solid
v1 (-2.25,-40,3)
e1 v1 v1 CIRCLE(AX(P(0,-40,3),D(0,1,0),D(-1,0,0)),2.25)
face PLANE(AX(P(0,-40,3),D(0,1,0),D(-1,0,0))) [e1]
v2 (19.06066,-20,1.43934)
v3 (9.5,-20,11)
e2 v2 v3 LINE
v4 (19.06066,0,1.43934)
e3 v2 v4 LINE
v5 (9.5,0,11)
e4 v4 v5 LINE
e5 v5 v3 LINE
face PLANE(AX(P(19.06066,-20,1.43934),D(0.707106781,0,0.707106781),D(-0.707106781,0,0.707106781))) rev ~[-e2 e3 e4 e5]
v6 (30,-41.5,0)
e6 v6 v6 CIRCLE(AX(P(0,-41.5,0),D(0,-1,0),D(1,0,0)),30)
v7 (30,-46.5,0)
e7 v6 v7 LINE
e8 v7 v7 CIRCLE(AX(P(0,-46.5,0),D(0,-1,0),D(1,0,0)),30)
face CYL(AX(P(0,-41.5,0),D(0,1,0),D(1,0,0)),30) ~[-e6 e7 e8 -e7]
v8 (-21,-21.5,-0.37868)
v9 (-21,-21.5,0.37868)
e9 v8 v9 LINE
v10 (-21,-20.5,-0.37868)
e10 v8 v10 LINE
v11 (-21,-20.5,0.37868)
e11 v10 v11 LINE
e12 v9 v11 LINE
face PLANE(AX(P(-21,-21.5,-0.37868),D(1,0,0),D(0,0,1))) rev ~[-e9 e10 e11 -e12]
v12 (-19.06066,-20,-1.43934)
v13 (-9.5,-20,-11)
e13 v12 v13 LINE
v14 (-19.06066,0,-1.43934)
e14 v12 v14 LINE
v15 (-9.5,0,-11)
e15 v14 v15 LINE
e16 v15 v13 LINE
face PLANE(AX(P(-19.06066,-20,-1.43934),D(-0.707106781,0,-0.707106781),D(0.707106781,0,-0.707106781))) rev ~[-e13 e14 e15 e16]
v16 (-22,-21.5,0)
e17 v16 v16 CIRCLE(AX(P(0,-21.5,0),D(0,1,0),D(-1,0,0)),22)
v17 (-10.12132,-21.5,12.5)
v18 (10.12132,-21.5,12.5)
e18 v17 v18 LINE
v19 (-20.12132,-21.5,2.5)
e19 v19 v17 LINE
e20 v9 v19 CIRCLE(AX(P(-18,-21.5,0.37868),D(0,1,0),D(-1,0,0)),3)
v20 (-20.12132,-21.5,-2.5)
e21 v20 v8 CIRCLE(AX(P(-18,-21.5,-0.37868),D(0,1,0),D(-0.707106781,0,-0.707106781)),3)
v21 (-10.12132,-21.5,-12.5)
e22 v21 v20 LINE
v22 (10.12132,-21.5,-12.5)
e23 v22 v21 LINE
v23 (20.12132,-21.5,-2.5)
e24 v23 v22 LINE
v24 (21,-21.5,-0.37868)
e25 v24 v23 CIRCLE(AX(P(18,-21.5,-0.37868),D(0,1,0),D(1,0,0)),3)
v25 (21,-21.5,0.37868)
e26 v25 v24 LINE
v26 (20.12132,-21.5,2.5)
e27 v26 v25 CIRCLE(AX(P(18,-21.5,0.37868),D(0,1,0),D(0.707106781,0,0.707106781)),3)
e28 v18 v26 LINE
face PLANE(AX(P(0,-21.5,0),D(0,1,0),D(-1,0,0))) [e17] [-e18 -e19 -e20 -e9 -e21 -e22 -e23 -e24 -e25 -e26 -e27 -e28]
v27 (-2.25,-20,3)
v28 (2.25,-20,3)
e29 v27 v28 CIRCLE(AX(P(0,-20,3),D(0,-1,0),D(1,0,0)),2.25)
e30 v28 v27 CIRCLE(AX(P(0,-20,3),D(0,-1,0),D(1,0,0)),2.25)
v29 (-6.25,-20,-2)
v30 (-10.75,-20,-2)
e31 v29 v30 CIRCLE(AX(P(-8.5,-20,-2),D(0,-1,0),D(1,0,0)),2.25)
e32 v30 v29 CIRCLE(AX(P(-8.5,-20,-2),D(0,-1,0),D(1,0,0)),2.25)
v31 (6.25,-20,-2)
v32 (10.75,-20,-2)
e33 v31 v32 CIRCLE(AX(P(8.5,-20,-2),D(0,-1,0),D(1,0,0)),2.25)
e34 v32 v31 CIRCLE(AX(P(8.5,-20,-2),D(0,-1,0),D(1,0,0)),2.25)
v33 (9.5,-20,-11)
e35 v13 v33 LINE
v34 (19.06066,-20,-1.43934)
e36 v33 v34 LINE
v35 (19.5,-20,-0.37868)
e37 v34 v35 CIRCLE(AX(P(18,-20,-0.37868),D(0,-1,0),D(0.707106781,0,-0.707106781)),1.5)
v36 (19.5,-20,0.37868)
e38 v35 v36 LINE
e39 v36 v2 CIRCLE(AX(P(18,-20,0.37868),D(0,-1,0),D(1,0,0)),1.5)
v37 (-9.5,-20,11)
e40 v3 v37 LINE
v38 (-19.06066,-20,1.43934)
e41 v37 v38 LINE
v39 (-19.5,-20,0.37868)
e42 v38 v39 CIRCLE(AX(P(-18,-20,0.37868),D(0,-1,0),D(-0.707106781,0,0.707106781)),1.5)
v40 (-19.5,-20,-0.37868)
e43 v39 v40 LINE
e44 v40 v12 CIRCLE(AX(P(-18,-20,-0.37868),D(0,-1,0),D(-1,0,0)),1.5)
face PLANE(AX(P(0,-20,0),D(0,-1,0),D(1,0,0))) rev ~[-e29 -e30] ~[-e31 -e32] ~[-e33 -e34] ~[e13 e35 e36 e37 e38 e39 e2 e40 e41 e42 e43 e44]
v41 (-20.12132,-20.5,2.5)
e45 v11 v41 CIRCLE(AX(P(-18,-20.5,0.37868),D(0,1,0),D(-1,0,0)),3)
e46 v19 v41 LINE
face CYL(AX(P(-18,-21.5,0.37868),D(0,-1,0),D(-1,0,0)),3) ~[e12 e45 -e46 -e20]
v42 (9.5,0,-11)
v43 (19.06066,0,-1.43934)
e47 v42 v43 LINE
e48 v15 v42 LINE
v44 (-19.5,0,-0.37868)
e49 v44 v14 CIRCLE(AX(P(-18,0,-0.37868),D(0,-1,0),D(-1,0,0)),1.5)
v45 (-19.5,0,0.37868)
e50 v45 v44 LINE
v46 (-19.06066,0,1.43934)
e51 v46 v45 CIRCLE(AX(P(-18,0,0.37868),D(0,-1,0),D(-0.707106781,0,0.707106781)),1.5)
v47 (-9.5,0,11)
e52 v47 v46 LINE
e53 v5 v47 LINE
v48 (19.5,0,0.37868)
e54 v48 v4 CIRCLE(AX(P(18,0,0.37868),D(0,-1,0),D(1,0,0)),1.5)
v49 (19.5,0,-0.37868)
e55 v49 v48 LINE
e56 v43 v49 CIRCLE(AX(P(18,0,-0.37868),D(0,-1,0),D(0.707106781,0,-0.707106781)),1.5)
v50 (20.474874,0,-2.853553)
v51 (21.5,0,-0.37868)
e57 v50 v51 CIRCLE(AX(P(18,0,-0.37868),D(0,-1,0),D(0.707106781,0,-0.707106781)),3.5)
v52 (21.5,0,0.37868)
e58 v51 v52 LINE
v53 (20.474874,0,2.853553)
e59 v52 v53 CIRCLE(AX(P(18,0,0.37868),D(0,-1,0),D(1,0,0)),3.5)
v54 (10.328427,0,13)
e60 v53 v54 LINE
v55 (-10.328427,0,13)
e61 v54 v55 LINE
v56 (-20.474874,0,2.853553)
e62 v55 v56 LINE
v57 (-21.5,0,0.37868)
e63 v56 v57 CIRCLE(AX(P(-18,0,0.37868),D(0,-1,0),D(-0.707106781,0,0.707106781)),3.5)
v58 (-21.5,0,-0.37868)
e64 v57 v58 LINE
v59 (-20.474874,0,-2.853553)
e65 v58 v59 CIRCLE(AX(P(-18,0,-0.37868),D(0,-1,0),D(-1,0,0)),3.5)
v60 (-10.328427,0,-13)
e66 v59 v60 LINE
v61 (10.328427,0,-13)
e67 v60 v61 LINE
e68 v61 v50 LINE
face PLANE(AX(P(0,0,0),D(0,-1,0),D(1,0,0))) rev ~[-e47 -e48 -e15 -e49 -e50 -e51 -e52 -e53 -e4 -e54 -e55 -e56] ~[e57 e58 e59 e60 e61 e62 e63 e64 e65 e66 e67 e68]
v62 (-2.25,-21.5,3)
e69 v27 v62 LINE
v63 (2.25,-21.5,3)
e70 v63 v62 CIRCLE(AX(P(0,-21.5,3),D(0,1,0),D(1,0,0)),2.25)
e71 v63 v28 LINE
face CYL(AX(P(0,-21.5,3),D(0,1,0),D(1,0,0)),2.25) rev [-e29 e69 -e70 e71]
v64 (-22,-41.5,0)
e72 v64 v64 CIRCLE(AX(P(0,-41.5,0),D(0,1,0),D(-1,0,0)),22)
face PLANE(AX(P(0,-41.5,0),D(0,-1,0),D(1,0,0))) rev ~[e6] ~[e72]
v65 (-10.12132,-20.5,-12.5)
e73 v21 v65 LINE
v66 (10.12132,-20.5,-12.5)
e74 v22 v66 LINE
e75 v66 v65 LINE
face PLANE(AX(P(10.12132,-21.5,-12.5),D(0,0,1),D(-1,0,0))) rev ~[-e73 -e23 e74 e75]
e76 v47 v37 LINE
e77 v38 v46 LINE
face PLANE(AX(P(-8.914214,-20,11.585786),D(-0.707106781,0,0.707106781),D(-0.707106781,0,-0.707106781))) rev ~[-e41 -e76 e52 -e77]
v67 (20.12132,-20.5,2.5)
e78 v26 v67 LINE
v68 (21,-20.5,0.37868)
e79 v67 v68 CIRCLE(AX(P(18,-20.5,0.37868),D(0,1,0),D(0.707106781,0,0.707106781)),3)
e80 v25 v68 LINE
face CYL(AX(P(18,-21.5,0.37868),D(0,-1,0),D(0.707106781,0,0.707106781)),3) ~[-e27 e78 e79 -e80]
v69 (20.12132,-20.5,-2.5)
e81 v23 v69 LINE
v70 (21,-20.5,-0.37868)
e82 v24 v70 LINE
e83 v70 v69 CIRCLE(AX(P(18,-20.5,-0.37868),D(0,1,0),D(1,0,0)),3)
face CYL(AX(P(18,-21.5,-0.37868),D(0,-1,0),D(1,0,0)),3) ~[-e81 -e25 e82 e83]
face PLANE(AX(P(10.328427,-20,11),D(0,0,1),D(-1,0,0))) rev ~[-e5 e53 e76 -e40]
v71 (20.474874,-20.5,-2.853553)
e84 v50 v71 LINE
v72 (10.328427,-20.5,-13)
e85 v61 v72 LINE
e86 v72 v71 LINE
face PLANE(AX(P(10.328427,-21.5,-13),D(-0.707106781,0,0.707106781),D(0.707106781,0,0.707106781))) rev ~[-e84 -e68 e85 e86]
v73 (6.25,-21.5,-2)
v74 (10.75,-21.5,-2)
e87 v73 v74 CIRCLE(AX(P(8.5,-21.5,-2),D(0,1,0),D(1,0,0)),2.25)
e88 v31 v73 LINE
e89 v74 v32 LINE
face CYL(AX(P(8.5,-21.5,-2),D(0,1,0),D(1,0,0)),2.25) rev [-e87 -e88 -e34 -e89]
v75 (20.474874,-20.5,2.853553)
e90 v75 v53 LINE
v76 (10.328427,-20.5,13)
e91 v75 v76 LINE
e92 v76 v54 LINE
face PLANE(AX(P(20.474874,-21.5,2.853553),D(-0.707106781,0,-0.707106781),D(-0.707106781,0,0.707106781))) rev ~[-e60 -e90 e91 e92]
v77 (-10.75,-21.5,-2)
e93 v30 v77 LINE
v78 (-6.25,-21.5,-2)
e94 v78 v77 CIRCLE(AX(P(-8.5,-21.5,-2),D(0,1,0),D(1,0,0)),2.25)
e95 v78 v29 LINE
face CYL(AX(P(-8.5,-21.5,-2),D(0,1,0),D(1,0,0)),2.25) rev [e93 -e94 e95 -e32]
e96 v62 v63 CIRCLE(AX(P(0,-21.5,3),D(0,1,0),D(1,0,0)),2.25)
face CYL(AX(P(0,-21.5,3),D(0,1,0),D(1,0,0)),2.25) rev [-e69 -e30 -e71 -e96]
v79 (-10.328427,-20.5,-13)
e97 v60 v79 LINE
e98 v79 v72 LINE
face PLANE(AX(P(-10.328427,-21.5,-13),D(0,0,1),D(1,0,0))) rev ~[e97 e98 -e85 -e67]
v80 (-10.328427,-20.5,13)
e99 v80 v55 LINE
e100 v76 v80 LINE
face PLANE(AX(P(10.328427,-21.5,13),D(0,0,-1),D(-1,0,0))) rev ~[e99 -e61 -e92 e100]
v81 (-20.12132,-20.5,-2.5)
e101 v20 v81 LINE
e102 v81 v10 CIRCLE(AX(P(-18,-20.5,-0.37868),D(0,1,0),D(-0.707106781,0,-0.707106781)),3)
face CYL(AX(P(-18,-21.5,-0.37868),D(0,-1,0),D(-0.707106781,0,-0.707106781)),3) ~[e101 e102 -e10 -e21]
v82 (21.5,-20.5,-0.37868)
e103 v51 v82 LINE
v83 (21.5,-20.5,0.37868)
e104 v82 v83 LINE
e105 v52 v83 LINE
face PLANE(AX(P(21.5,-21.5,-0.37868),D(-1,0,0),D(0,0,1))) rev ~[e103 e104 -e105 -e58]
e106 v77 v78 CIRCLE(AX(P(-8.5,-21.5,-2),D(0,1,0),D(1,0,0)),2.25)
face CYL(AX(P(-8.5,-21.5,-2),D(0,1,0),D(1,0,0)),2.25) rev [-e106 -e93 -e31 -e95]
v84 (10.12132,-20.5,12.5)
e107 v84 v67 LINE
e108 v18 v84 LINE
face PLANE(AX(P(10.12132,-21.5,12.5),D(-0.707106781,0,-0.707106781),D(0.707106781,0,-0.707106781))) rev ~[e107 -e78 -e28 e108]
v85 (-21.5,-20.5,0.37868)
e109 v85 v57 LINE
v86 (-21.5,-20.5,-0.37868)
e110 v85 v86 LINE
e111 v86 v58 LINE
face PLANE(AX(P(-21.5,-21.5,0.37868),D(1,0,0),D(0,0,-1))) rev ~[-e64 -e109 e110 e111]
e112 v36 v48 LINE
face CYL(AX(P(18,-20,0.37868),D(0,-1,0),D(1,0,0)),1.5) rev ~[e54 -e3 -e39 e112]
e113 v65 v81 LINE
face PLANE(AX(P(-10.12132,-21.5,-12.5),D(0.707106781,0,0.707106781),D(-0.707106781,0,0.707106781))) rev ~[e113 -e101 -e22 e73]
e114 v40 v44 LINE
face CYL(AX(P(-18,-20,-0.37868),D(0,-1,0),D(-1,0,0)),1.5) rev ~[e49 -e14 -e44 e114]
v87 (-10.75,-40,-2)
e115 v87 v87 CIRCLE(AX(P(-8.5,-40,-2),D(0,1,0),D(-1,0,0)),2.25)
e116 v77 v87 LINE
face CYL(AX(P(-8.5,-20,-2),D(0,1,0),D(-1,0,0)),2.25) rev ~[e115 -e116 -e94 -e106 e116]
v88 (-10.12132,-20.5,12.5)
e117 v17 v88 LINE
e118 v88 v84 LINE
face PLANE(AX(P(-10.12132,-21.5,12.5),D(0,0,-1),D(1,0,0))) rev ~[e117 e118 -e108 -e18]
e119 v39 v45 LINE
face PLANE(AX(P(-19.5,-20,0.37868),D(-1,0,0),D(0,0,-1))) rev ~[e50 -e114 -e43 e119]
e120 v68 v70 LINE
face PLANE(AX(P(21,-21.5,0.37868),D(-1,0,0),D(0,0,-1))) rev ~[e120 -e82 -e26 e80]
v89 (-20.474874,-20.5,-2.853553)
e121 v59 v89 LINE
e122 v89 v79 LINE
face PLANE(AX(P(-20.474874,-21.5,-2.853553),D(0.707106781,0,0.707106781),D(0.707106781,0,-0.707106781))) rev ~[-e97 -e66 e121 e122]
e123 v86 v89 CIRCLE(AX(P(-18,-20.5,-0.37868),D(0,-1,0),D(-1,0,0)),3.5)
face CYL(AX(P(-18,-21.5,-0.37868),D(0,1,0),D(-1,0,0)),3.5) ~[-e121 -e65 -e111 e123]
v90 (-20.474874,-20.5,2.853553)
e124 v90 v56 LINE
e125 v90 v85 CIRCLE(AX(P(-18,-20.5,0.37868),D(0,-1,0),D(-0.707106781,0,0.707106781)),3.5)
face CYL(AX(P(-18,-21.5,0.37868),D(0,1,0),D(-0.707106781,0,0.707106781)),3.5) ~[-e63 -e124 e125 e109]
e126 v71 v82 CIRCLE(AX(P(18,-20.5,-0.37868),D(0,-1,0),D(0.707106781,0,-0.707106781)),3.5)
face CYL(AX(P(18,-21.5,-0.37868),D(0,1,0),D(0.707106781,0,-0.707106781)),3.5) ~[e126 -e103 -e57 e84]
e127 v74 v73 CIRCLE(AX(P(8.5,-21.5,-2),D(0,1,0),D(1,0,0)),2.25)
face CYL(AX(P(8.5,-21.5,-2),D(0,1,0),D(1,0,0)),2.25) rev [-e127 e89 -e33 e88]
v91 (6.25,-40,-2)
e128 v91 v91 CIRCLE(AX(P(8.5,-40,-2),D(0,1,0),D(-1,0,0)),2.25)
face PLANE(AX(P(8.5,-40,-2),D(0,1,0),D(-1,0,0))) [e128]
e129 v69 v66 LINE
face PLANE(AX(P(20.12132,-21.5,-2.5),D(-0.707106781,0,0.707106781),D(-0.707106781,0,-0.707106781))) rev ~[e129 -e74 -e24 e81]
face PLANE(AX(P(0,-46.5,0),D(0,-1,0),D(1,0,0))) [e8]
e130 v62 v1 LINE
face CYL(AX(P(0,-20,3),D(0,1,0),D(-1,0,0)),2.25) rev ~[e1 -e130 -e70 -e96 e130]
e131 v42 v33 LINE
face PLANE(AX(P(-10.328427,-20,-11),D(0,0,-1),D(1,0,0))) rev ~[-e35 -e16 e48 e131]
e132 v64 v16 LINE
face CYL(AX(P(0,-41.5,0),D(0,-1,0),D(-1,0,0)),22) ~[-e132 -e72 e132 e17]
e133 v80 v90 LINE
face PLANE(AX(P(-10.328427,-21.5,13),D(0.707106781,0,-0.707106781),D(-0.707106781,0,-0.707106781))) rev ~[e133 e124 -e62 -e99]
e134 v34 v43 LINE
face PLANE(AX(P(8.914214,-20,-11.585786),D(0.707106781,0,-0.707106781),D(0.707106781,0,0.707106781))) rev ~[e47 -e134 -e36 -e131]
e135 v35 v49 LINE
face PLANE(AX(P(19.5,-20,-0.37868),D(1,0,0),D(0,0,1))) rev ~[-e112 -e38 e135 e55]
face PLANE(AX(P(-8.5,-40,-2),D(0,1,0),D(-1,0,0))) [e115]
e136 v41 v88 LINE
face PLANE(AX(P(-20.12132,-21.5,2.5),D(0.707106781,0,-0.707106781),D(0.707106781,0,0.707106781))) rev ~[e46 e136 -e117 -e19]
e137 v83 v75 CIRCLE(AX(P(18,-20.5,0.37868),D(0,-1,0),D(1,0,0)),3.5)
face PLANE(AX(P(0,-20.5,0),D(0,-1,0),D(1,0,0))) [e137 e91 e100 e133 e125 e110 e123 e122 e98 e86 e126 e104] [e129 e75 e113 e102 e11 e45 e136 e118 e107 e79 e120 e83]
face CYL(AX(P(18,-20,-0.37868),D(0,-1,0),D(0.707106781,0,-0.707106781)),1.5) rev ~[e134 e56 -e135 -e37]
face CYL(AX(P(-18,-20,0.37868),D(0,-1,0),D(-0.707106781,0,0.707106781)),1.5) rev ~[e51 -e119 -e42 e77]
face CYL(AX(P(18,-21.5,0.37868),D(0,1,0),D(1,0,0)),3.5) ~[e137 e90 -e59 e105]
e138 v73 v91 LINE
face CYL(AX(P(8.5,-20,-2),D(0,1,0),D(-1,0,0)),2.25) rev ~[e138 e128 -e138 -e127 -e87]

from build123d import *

# Parameters (mm, degrees)
F0_W      = 39
F0_H      = 22
F1_DEPTH  = 20
F2_SIZE   = 10
F3_R      = 1.5
F5_DEPTH  = 20
F6_T      = -2
F7_R      = 2.25
F8_DEPTH  = 1.5
F10_R     = 2.25
F11_DEPTH = 20
F13_DEPTH = 1
F14_R     = 30
F15_DEPTH = 5
F16_R     = 22
F17_DEPTH = 20
F18_R     = 2.25
F19_DEPTH = 20


with BuildPart() as f1:
    # F0 (on Front) → F1 (new body)
    with BuildSketch(Plane.XZ):
        Rectangle(F0_W, F0_H)
    extrude(amount=F1_DEPTH)

    # F2
    f2_edges = [f1.edges().sort_by_distance(p)[0] for p in [
        (19.5, -10, 11),
        (-19.5, -10, 11),
        (19.5, -10, -11),
        (-19.5, -10, -11),
    ]]
    chamfer(f2_edges, length=F2_SIZE)

    # F3
    f3_edges = [f1.edges().sort_by_distance(p)[0] for p in [
        (19.5, -10, -1),
        (-19.5, -10, 1),
        (-19.5, -10, -1),
        (19.5, -10, 1),
    ]]
    fillet(f3_edges, radius=F3_R)

    # F4 (on face) → F5 (join, through all)
    with BuildSketch(Plane.XZ.offset(20)):
        with BuildLine():
            ThreePointArc((-20.4748737342, 2.8535533906), (-21.2335783638, 1.7180716697), (-21.5, 0.3786796564))
            Line((-21.5, 0.3786796564), (-21.5, -0.3786796564))
            ThreePointArc((-21.5, -0.3786796564), (-21.2335783638, -1.7180716697), (-20.4748737342, -2.8535533906))
            Line((-20.4748737342, -2.8535533906), (-10.3284271247, -13))
            Line((-10.3284271247, -13), (10.3284271247, -13))
            Line((10.3284271247, -13), (20.4748737342, -2.8535533906))
            ThreePointArc((20.4748737342, -2.8535533906), (21.2335783638, -1.7180716697), (21.5, -0.3786796564))
            Line((21.5, -0.3786796564), (21.5, 0.3786796564))
            ThreePointArc((21.5, 0.3786796564), (21.2335783638, 1.7180716697), (20.4748737342, 2.8535533906))
            Line((20.4748737342, 2.8535533906), (10.3284271247, 13))
            Line((10.3284271247, 13), (-10.3284271247, 13))
            Line((-10.3284271247, 13), (-20.4748737342, 2.8535533906))
        make_face()
    extrude(amount=-F5_DEPTH)

    # F6
    f6_openings = [f1.faces().sort_by_distance(p)[0] for p in [
        (0, -20, 0),
        (0, 0, 0),
    ]]
    offset(amount=F6_T, openings=f6_openings)

    # F7 (on face) → F8 (join)
    with BuildSketch(Plane.XZ.offset(20)):
        with BuildLine():
            Line((10.3284271247, 13), (-10.3284271247, 13))
            Line((-10.3284271247, 13), (-20.4748737342, 2.8535533906))
            ThreePointArc((-20.4748737342, 2.8535533906), (-21.2335783638, 1.7180716697), (-21.5, 0.3786796564))
            Line((-21.5, 0.3786796564), (-21.5, -0.3786796564))
            ThreePointArc((-21.5, -0.3786796564), (-21.2335783638, -1.7180716697), (-20.4748737342, -2.8535533906))
            Line((-20.4748737342, -2.8535533906), (-10.3284271247, -13))
            Line((-10.3284271247, -13), (10.3284271247, -13))
            Line((10.3284271247, -13), (20.4748737342, -2.8535533906))
            ThreePointArc((20.4748737342, -2.8535533906), (21.2335783638, -1.7180716697), (21.5, -0.3786796564))
            Line((21.5, -0.3786796564), (21.5, 0.3786796564))
            ThreePointArc((21.5, 0.3786796564), (21.2335783638, 1.7180716697), (20.4748737342, 2.8535533906))
            Line((20.4748737342, 2.8535533906), (10.3284271247, 13))
        make_face()
        with Locations((-8.5, -2)):
            Circle(F7_R, mode=Mode.SUBTRACT)
        with Locations((8.5, -2)):
            Circle(F7_R, mode=Mode.SUBTRACT)
        with Locations((0, 3)):
            Circle(F7_R, mode=Mode.SUBTRACT)
    extrude(amount=F8_DEPTH)

    # F10 (on face) → F11 (join)
    with BuildSketch(Plane.XZ.offset(21.5)):
        with BuildLine():
            ThreePointArc((-21.5, -0.3786796564), (-21.2335783638, -1.7180716697), (-20.4748737342, -2.8535533906))
            Line((-20.4748737342, -2.8535533906), (-10.3284271247, -13))
            Line((-10.3284271247, -13), (10.3284271247, -13))
            Line((10.3284271247, -13), (20.4748737342, -2.8535533906))
            ThreePointArc((20.4748737342, -2.8535533906), (21.2335783638, -1.7180716697), (21.5, -0.3786796564))
            Line((21.5, -0.3786796564), (21.5, 0.3786796564))
            ThreePointArc((21.5, 0.3786796564), (21.2335783638, 1.7180716697), (20.4748737342, 2.8535533906))
            Line((20.4748737342, 2.8535533906), (10.3284271247, 13))
            Line((10.3284271247, 13), (-10.3284271247, 13))
            Line((-10.3284271247, 13), (-20.4748737342, 2.8535533906))
            ThreePointArc((-20.4748737342, 2.8535533906), (-21.2335783638, 1.7180716697), (-21.5, 0.3786796564))
            Line((-21.5, 0.3786796564), (-21.5, -0.3786796564))
        make_face()
        with Locations((-8.5, -2)):
            Circle(F10_R, mode=Mode.SUBTRACT)
        with Locations((8.5, -2)):
            Circle(F10_R, mode=Mode.SUBTRACT)
        with Locations((0, 3)):
            Circle(F10_R, mode=Mode.SUBTRACT)
    extrude(amount=F11_DEPTH)

    # F12 (on offset) → F13 (cut)
    with BuildSketch(Plane.XZ.offset(21.5)):
        with BuildLine():
            Line((20.4748737342, 2.8535533906), (10.3284271247, 13))
            Line((10.3284271247, 13), (-10.3284271247, 13))
            Line((-10.3284271247, 13), (-20.4748737342, 2.8535533906))
            ThreePointArc((-20.4748737342, 2.8535533906), (-21.2335783638, 1.7180716697), (-21.5, 0.3786796564))
            Line((-21.5, 0.3786796564), (-21.5, -0.3786796564))
            ThreePointArc((-21.5, -0.3786796564), (-21.2335783638, -1.7180716697), (-20.4748737342, -2.8535533906))
            Line((-20.4748737342, -2.8535533906), (-10.3284271247, -13))
            Line((-10.3284271247, -13), (10.3284271247, -13))
            Line((10.3284271247, -13), (20.4748737342, -2.8535533906))
            ThreePointArc((20.4748737342, -2.8535533906), (21.2335783638, -1.7180716697), (21.5, -0.3786796564))
            Line((21.5, -0.3786796564), (21.5, 0.3786796564))
            ThreePointArc((21.5, 0.3786796564), (21.2335783638, 1.7180716697), (20.4748737342, 2.8535533906))
        make_face()
        with BuildLine():
            Line((-10.1213203436, 12.5), (10.1213203436, 12.5))
            Line((10.1213203436, 12.5), (20.1213203436, 2.5))
            ThreePointArc((20.1213203436, 2.5), (20.7716385975, 1.5267299535), (21, 0.3786796564))
            Line((21, 0.3786796564), (21, -0.3786796564))
            ThreePointArc((21, -0.3786796564), (20.7716385975, -1.5267299535), (20.1213203436, -2.5))
            Line((20.1213203436, -2.5), (10.1213203436, -12.5))
            Line((10.1213203436, -12.5), (-10.1213203436, -12.5))
            Line((-10.1213203436, -12.5), (-20.1213203436, -2.5))
            ThreePointArc((-20.1213203436, -2.5), (-20.7716385975, -1.5267299535), (-21, -0.3786796564))
            Line((-21, -0.3786796564), (-21, 0.3786796564))
            ThreePointArc((-21, 0.3786796564), (-20.7716385975, 1.5267299535), (-20.1213203436, 2.5))
            Line((-20.1213203436, 2.5), (-10.1213203436, 12.5))
        make_face(mode=Mode.SUBTRACT)
    extrude(amount=-F13_DEPTH, mode=Mode.SUBTRACT)

    # F14 (on face) → F15 (join)
    with BuildSketch(Plane.XZ.offset(41.5)):
        Circle(F14_R)
    extrude(amount=F15_DEPTH)

    # F16 (on face) → F17 (join, through all)
    with BuildSketch(Plane(origin=(0, -41.5, 0), x_dir=(-1, 0, 0), z_dir=(0, 1, 0))):
        Circle(F16_R)
    extrude(amount=F17_DEPTH)

    # F18 (on face) → F19 (cut)
    with BuildSketch(Plane(origin=(0, -20, 0), x_dir=(-1, 0, 0), z_dir=(0, 1, 0))):
        with Locations((8.5, -2)):
            Circle(F18_R)
        with Locations((0, 3)):
            Circle(F18_R)
        with Locations((-8.5, -2)):
            Circle(F18_R)
    extrude(amount=-F19_DEPTH, mode=Mode.SUBTRACT)


solid = f1.part
